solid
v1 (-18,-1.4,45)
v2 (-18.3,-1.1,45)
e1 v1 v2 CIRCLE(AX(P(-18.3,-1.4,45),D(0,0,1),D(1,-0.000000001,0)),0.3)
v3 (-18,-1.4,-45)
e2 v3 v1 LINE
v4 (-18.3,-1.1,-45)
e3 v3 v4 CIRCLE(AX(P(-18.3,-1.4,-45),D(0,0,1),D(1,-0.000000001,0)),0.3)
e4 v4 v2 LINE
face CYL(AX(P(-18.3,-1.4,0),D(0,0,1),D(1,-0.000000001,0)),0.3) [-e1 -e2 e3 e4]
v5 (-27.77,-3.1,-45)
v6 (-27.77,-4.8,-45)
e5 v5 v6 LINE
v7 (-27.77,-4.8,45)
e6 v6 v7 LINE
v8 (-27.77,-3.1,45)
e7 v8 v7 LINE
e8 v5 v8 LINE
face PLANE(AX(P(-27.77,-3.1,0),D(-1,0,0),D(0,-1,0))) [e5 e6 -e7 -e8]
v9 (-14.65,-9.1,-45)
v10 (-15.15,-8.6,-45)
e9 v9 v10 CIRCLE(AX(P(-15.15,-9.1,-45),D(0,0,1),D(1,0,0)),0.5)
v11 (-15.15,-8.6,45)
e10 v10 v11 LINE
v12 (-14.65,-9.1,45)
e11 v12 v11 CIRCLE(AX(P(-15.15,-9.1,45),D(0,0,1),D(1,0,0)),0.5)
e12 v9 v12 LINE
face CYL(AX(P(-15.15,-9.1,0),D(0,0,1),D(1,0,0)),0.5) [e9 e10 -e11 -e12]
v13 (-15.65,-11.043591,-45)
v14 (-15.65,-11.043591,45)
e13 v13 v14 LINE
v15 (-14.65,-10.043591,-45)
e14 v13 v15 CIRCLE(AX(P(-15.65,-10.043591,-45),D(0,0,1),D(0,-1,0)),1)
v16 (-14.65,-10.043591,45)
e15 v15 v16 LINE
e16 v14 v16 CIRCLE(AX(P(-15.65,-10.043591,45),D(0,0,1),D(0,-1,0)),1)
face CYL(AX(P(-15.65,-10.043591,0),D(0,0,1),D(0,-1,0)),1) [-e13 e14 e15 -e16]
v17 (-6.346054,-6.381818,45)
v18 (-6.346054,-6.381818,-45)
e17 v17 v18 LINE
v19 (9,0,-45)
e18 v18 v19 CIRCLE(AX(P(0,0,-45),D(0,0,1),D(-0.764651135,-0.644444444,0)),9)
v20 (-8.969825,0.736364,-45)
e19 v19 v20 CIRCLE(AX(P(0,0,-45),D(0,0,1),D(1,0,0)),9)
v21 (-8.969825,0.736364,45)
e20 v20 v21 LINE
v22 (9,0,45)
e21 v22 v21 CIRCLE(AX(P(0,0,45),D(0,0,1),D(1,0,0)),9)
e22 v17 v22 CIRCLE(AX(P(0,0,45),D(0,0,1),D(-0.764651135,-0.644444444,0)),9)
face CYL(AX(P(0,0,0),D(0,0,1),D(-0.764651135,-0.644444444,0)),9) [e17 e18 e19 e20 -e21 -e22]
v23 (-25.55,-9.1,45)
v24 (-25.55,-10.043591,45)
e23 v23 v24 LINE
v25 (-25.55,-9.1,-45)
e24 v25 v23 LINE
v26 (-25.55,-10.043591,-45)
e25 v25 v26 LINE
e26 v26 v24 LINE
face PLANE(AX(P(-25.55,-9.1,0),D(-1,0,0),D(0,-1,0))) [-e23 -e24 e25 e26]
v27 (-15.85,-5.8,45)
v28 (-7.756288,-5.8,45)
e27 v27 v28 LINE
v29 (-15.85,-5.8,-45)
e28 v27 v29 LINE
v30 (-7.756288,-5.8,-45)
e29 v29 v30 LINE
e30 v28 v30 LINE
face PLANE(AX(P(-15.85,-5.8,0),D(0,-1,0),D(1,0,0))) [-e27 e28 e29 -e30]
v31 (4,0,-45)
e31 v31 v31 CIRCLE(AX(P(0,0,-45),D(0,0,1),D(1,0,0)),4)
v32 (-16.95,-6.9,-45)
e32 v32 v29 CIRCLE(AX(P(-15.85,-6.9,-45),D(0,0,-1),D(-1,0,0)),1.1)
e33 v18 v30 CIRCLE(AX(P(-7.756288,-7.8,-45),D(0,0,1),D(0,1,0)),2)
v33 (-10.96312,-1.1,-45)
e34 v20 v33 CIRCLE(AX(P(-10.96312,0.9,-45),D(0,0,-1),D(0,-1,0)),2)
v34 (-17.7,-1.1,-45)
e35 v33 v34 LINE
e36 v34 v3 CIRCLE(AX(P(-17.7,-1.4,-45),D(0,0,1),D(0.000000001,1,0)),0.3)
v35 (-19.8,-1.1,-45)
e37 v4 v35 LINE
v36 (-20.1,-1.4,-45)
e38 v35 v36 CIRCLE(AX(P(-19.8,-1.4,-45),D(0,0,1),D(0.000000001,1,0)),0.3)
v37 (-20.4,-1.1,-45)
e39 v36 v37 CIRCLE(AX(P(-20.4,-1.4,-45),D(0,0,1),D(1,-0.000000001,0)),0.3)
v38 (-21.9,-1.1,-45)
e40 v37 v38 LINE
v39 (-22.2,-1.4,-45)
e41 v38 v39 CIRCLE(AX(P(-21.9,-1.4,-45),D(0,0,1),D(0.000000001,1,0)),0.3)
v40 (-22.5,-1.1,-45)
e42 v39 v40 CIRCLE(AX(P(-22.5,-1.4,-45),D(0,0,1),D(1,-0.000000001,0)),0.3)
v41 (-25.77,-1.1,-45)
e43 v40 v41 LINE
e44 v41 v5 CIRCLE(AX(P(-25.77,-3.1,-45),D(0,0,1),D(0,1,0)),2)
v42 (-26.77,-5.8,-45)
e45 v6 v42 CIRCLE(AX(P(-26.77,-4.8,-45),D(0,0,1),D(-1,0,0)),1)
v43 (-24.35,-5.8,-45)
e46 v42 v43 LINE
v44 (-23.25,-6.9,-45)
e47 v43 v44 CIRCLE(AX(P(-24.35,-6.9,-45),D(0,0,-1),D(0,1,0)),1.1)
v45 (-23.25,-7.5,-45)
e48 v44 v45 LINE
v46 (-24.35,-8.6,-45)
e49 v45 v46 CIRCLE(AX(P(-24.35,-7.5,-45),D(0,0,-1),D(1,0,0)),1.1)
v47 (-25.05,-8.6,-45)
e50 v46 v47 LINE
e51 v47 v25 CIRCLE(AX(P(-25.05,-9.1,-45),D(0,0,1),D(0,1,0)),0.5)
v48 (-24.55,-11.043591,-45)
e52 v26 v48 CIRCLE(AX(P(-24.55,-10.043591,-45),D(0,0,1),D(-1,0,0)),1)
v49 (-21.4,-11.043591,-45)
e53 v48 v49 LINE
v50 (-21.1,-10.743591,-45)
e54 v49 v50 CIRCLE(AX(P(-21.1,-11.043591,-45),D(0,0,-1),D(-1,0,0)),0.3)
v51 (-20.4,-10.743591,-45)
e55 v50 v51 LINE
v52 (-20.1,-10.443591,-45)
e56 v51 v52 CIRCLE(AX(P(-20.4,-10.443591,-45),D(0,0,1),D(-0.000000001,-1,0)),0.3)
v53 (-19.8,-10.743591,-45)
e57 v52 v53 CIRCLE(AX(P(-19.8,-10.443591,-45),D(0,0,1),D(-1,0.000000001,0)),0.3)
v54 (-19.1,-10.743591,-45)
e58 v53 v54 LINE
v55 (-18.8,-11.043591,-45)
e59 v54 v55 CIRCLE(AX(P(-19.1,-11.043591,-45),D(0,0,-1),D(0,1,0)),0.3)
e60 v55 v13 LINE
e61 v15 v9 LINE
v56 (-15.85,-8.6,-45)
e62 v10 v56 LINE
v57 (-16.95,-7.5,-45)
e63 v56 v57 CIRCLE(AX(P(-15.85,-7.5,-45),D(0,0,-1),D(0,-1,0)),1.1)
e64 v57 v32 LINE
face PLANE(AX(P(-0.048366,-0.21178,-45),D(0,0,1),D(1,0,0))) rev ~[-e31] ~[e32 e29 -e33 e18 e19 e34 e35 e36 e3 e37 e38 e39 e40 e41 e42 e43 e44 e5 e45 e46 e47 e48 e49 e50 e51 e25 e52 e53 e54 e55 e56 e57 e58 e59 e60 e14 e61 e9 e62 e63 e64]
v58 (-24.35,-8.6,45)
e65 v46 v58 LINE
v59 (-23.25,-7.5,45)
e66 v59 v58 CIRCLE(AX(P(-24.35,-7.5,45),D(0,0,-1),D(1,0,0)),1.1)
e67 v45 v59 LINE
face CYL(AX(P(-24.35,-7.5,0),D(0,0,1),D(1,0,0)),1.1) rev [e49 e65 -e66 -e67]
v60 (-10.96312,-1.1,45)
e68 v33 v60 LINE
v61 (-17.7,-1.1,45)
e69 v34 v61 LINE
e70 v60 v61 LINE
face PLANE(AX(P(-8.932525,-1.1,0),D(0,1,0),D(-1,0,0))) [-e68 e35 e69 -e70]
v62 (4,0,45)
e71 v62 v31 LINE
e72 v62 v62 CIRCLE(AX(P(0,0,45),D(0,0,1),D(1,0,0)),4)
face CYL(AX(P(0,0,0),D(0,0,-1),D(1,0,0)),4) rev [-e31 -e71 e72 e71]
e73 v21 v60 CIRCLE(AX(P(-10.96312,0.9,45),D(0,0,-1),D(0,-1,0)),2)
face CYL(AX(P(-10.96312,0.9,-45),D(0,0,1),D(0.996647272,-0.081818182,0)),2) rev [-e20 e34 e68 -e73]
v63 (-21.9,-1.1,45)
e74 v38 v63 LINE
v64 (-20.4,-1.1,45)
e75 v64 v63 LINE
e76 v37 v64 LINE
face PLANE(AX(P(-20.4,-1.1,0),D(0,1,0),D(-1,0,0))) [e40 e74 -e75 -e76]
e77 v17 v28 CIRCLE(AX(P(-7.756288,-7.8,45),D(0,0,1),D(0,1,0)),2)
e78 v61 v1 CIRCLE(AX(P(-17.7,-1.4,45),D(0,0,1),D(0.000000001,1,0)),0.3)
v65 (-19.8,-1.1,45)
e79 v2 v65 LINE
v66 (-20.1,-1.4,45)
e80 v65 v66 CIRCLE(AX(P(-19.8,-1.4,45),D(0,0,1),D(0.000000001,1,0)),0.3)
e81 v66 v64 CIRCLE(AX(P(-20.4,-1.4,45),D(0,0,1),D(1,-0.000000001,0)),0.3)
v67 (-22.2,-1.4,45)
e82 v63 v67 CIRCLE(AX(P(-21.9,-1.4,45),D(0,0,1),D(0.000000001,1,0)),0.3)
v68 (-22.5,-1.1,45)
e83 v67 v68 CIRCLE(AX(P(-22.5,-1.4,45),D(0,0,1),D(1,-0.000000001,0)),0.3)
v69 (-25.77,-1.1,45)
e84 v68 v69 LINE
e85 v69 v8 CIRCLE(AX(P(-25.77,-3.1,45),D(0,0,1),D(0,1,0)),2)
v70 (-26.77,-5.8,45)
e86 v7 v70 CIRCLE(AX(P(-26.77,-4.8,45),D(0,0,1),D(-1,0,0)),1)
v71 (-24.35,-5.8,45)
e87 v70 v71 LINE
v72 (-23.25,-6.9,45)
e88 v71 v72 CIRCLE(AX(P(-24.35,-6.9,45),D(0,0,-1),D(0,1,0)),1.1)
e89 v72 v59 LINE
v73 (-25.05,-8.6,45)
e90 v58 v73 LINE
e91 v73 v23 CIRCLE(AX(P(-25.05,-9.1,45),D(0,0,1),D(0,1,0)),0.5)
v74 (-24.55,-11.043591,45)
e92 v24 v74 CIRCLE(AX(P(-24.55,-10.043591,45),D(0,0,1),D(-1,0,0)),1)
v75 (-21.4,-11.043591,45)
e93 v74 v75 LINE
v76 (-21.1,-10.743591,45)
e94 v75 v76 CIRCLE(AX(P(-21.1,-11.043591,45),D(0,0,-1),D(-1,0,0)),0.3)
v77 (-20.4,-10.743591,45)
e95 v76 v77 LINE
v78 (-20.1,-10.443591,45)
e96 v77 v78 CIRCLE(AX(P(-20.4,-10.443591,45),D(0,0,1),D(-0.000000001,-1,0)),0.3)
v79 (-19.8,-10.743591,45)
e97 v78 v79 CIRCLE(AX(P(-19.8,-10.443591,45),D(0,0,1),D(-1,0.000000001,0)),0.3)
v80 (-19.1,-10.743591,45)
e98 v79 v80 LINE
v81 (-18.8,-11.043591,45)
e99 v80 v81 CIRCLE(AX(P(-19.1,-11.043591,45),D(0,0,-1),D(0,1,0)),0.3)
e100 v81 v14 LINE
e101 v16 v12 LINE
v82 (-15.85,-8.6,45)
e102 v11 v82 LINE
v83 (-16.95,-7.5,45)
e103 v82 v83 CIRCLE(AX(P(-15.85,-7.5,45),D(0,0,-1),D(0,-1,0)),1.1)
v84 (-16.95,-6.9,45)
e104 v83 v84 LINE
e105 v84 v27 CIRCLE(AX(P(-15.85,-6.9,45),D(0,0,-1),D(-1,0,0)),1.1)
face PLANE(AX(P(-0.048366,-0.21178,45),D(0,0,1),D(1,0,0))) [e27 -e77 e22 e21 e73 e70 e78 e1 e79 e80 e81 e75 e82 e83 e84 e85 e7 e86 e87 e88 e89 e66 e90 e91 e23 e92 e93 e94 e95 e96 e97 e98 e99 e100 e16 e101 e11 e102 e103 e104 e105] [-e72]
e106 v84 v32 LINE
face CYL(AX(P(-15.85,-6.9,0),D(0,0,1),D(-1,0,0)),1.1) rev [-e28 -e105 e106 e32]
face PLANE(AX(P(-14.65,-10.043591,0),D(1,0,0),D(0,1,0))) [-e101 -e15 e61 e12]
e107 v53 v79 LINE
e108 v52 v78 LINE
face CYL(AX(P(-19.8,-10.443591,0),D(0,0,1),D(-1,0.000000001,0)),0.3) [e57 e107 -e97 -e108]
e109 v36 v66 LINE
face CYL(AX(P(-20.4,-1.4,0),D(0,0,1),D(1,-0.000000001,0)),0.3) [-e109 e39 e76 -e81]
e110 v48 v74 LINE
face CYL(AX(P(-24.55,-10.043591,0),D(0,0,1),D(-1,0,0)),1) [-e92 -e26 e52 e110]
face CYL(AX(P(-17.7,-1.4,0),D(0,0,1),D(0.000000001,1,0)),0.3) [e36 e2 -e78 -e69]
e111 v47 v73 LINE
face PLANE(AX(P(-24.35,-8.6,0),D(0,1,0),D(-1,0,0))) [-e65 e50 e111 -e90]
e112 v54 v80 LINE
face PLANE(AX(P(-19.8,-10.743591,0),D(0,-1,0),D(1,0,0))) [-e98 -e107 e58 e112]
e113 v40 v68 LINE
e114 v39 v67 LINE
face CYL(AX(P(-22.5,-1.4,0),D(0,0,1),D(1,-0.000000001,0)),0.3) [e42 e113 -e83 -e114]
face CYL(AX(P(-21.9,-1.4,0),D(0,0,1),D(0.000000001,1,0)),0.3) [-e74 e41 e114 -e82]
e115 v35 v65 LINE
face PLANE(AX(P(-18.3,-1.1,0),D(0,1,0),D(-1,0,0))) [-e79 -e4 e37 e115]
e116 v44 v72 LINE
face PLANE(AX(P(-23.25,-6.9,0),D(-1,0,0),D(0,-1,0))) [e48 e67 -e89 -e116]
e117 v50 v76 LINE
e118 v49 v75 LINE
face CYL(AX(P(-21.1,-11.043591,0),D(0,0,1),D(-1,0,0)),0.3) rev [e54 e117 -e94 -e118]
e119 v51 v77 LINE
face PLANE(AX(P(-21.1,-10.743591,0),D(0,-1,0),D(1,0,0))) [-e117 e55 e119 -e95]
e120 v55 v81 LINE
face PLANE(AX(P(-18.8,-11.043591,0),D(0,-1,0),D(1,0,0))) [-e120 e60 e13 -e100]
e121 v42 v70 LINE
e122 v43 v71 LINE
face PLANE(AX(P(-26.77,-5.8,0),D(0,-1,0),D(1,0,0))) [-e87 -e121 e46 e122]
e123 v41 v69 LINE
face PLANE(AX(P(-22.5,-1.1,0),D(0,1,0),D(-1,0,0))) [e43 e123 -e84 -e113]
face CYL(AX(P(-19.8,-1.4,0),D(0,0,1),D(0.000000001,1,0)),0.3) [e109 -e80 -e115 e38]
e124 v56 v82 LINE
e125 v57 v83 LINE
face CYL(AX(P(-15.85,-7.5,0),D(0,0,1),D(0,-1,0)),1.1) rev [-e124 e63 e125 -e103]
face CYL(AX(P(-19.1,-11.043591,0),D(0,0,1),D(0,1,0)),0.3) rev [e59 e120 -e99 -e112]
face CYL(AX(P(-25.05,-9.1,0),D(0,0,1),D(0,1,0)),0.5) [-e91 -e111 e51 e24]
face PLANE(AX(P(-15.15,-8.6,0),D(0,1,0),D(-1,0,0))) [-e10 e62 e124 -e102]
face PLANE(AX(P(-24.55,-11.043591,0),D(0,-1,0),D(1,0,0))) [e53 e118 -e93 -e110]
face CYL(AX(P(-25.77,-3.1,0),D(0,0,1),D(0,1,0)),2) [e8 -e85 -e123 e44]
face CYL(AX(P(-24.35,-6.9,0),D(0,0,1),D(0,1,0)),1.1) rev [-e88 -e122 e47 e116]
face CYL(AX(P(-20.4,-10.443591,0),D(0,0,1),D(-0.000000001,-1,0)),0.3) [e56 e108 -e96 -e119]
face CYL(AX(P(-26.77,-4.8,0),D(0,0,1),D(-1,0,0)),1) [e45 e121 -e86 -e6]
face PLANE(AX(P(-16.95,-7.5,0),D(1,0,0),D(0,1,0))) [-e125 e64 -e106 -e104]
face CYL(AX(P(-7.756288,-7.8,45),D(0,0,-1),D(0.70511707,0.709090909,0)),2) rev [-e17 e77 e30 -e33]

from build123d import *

# Parameters (mm, degrees)
F0_R     = 4
F1_DEPTH = 45
F2_R     = 2


with BuildPart() as f1:
    # F0 (on Top) → F1 (new body, symmetric)
    with BuildSketch(Plane.XY):
        with BuildLine():
            ThreePointArc((-6.8818602136, -5.8), (3.0873336455, -8.4538967915), (9, 0))
            ThreePointArc((9, 0), (-0.5510337779, 8.9831153714), (-8.932524839, -1.1))
            ThreePointArc((-8.932524839, -1.1), (-8.2490116771, -3.5991396682), (-6.8818602136, -5.8))
        make_face()
        Circle(F0_R, mode=Mode.SUBTRACT)
        with BuildLine():
            ThreePointArc((-6.8818602136, -5.8), (-8.2490116771, -3.5991396682), (-8.932524839, -1.1))
            Line((-8.932524839, -1.1), (-17.7, -1.1))
            ThreePointArc((-17.7, -1.1), (-17.9121320344, -1.1878679656), (-18, -1.4))
            ThreePointArc((-18, -1.4), (-18.0878679656, -1.1878679656), (-18.3, -1.1))
            Line((-18.3, -1.1), (-19.8, -1.1))
            ThreePointArc((-19.8, -1.1), (-20.0121320344, -1.1878679656), (-20.1, -1.4))
            ThreePointArc((-20.1, -1.4), (-20.1878679656, -1.1878679656), (-20.4, -1.1))
            Line((-20.4, -1.1), (-21.7159694135, -1.1))
            Line((-21.7159694135, -1.1), (-21.9, -1.1))
            ThreePointArc((-21.9, -1.1), (-22.1121320344, -1.1878679656), (-22.2, -1.4))
            ThreePointArc((-22.2, -1.4), (-22.2878679656, -1.1878679656), (-22.5, -1.1))
            Line((-22.5, -1.1), (-25.77, -1.1))
            ThreePointArc((-25.77, -1.1), (-27.1842135624, -1.6857864376), (-27.77, -3.1))
            Line((-27.77, -3.1), (-27.77, -4.8))
            ThreePointArc((-27.77, -4.8), (-27.4771067812, -5.5071067812), (-26.77, -5.8))
            Line((-26.77, -5.8), (-24.35, -5.8))
            ThreePointArc((-24.35, -5.8), (-23.5721825407, -6.1221825407), (-23.25, -6.9))
            Line((-23.25, -6.9), (-23.25, -7.5))
            ThreePointArc((-23.25, -7.5), (-23.5721825407, -8.2778174593), (-24.35, -8.6))
            Line((-24.35, -8.6), (-25.05, -8.6))
            ThreePointArc((-25.05, -8.6), (-25.4035533906, -8.7464466094), (-25.55, -9.1))
            Line((-25.55, -9.1), (-25.55, -10.0435914154))
            ThreePointArc((-25.55, -10.0435914154), (-25.2571067812, -10.7506981966), (-24.55, -11.0435914154))
            Line((-24.55, -11.0435914154), (-21.4, -11.0435914154))
            ThreePointArc((-21.4, -11.0435914154), (-21.3121320344, -10.8314593811), (-21.1, -10.7435914154))
            Line((-21.1, -10.7435914154), (-20.4, -10.7435914154))
            ThreePointArc((-20.4, -10.7435914154), (-20.1878679656, -10.6557234498), (-20.1, -10.4435914154))
            ThreePointArc((-20.1, -10.4435914154), (-20.0121320344, -10.6557234498), (-19.8, -10.7435914154))
            Line((-19.8, -10.7435914154), (-19.1, -10.7435914154))
            ThreePointArc((-19.1, -10.7435914154), (-18.8878679656, -10.8314593811), (-18.8, -11.0435914154))
            Line((-18.8, -11.0435914154), (-15.65, -11.0435914154))
            ThreePointArc((-15.65, -11.0435914154), (-14.9428932188, -10.7506981966), (-14.65, -10.0435914154))
            Line((-14.65, -10.0435914154), (-14.65, -9.1))
            ThreePointArc((-14.65, -9.1), (-14.7964466094, -8.7464466094), (-15.15, -8.6))
            Line((-15.15, -8.6), (-15.85, -8.6))
            ThreePointArc((-15.85, -8.6), (-16.6278174593, -8.2778174593), (-16.95, -7.5))
            Line((-16.95, -7.5), (-16.95, -6.9))
            ThreePointArc((-16.95, -6.9), (-16.6278174593, -6.1221825407), (-15.85, -5.8))
            Line((-15.85, -5.8), (-6.8818602136, -5.8))
        make_face()
    extrude(amount=F1_DEPTH, both=True)

    # F2
    f2_edges = [f1.edges().sort_by_distance(p)[0] for p in [
        (-6.88186, -5.8, 0),
        (-8.932525, -1.1, 0),
    ]]
    fillet(f2_edges, radius=F2_R)


solid = f1.part
